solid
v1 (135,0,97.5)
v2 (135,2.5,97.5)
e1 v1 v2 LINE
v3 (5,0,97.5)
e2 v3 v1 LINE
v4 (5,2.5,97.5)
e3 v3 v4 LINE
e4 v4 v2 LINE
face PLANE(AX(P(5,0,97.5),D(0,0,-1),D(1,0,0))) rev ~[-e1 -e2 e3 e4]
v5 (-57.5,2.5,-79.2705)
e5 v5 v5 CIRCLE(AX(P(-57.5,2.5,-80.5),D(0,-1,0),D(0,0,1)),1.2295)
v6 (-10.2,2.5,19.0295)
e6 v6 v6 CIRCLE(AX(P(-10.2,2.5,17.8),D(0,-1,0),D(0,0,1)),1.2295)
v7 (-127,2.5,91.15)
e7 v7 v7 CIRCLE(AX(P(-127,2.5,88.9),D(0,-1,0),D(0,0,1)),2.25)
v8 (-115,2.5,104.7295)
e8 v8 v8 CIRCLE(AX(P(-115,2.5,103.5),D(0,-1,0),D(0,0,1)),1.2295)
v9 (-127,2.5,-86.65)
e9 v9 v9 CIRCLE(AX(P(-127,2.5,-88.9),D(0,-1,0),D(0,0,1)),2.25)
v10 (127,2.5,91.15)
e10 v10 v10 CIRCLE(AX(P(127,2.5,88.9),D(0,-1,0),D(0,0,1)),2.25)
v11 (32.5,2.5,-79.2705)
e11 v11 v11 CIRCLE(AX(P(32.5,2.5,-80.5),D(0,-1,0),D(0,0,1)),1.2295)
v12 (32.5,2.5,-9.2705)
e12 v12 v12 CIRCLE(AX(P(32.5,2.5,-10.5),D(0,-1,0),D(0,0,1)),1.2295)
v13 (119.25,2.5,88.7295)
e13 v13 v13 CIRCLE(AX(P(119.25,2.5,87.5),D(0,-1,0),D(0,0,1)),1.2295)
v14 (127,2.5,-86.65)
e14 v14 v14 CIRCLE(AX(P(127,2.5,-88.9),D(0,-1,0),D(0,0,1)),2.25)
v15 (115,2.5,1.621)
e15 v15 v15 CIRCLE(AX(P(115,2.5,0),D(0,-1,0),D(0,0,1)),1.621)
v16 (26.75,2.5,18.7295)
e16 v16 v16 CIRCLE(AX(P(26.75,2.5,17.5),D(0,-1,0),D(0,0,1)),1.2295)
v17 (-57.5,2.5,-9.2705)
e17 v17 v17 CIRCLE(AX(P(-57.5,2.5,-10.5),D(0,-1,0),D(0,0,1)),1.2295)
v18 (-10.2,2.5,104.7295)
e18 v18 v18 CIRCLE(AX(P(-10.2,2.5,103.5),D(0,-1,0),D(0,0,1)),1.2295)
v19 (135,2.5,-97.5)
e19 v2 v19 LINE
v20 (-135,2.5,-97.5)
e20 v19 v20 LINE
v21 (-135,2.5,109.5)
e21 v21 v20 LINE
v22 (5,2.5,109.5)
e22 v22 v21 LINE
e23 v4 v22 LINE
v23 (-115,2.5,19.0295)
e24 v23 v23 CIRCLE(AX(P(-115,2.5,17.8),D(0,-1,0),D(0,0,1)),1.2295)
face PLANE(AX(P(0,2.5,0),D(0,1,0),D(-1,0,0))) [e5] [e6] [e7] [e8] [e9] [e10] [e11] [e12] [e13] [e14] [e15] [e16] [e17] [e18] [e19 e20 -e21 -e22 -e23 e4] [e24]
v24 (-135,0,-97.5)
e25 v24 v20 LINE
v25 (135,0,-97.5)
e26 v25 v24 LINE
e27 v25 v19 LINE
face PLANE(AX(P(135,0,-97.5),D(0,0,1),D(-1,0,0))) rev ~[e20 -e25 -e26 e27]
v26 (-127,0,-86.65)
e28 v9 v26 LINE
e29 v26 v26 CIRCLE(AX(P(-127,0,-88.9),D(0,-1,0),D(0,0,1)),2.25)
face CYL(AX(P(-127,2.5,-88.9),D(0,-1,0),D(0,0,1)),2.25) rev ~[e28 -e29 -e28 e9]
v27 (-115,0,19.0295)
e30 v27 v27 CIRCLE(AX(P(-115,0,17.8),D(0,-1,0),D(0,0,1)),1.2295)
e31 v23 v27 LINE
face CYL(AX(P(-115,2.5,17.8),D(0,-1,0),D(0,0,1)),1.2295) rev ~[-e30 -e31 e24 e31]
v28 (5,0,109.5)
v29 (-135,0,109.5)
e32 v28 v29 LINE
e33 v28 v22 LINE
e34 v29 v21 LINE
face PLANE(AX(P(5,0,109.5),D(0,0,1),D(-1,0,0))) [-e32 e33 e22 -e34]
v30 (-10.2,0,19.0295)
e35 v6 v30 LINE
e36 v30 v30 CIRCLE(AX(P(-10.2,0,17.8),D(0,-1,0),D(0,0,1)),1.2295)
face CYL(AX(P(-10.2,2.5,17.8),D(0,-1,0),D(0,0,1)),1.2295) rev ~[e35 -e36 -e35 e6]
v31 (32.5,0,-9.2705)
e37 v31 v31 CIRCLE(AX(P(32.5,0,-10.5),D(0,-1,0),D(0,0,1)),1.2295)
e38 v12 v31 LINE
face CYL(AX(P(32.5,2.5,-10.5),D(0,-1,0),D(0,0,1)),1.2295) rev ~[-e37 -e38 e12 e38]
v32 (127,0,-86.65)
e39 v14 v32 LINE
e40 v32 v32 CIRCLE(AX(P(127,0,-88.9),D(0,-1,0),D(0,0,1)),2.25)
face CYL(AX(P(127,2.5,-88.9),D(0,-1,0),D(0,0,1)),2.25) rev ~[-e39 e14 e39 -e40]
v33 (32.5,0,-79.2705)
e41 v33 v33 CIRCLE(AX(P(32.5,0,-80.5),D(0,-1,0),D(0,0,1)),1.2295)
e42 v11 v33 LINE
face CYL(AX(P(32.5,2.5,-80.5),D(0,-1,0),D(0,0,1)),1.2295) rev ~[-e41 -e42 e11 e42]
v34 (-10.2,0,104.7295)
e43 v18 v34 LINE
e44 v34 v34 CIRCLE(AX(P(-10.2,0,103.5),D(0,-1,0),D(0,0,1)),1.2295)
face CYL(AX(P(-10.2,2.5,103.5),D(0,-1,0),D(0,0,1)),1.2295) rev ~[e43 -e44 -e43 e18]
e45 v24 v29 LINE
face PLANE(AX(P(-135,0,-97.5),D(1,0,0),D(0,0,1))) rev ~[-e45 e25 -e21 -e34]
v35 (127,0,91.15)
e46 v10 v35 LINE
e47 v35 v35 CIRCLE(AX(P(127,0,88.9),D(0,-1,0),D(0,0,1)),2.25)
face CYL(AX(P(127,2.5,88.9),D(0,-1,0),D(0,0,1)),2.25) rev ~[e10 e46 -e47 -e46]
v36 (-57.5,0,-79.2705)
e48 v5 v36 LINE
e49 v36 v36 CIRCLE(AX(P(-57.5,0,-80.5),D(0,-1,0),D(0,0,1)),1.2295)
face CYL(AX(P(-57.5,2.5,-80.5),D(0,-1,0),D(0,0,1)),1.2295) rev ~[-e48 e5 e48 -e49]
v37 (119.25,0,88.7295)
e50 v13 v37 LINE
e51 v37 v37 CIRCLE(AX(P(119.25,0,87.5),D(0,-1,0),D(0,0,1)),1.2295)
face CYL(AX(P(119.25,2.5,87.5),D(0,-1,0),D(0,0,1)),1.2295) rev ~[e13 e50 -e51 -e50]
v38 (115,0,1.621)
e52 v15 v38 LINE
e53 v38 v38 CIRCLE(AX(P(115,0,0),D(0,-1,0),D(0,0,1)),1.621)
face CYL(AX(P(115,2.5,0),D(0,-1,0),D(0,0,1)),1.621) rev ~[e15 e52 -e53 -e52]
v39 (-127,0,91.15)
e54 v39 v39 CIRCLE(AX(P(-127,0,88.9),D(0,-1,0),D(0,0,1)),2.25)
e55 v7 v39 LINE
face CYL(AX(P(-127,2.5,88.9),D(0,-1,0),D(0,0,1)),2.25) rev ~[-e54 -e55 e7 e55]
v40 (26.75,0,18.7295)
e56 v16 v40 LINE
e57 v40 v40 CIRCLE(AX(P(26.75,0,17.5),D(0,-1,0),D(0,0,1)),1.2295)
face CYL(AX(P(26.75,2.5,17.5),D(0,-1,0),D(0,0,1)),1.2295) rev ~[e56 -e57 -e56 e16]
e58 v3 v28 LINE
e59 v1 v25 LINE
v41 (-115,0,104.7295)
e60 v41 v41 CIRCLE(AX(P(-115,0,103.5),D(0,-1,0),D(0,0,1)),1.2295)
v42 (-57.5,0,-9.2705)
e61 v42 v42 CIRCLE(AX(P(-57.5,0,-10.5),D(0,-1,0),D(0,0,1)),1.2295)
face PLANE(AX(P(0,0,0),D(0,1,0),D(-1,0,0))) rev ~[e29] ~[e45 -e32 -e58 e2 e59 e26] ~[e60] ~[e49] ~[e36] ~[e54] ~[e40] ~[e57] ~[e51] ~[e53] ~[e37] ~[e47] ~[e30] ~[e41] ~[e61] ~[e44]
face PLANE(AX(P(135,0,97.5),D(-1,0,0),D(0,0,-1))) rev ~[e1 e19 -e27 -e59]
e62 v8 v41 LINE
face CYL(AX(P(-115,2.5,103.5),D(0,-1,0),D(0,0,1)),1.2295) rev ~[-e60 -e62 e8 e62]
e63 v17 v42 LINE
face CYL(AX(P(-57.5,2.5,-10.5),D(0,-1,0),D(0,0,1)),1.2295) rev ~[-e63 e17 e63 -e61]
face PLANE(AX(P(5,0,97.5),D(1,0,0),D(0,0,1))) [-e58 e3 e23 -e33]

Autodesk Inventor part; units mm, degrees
ref_plane "YZ Plane" through (0, 0, 0) normal (1, 0, 0) x (0, 1, 0)
ref_plane "XZ Plane" through (0, 0, 0) normal (0, 1, 0) x (-1, 0, 0)
ref_plane "XY Plane" through (0, 0, 0) normal (0, 0, 1) x (1, 0, 0)
sketch "Sketch1" plane through (0, 0, 0) normal (0, 1, 0) x (-1, 0, 0)
  line L0 (135, 97.5) -> (-135, 97.5)
  line L1 (-135, 97.5) -> (-135, -97.5)
  line L2 (-135, -97.5) -> (135, -97.5)
  line L3 (135, -97.5) -> (135, 97.5)
  line L4 (135, 97.5) -> (-135, -97.5) construction
  line L5 (-135, 97.5) -> (135, -97.5) construction
  line L6 (135, 97.5) -> (-5, 97.5)
  line L7 (-5, 97.5) -> (-5, 109.5)
  line L8 (-5, 109.5) -> (135, 109.5)
  line L9 (135, 109.5) -> (135, 97.5)
  point P0 (0, 0)
  dimension "d0" = 270
  dimension "d1" = 195
  dimension "d2" = 140
  dimension "d3" = 12
  dimension "d4" = 0
  dimension "d5" = 0
extrude "Extrusion1" add sketch "Sketch1" along normal blind 2.5
sketch "Sketch2" plane through (0, 2.5, 0) normal (0, 1, 0) x (1, 0, 0)
  line L0 (26.75, -17.5) -> (119.25, -17.5) construction
  line L1 (119.25, -17.5) -> (119.25, -87.5) construction
  line L2 (119.25, -87.5) -> (26.75, -87.5) construction
  line L3 (26.75, -87.5) -> (26.75, -17.5) construction
  line L4 (26.75, -17.5) -> (119.25, -87.5) construction
  line L5 (119.25, -17.5) -> (26.75, -87.5) construction
  line L6 (5, -97.5) -> (135, -97.5) construction
  line L7 (135, -97.5) -> (135, 97.5) projected
  point P0 (0, 0)
  point P1 (73, -52.5)
  dimension "d8" = 92.5
  dimension "d9" = 70
  dimension "d10" = 45
  dimension "d11" = 62
hole "LRS-35-5" at (26.75, 2.5, 17.5) at (119.25, 2.5, 87.5) direction (0, -1, 0) diameter 2.459 end through all thread size "M3x0.5" class "6H" standard "ISO Metric profile"
sketch "HB12-1.7AG" plane through (0, 2.5, 0) normal (0, 1, 0) x (1, 0, 0)
  line L0 (-115, -103.5) -> (-10.2, -103.5) construction
  line L1 (-10.2, -103.5) -> (-10.2, -17.8) construction
  line L2 (-10.2, -17.8) -> (-115, -17.8) construction
  line L3 (-115, -17.8) -> (-115, -103.5) construction
  line L4 (-115, -103.5) -> (-10.2, -17.8) construction
  line L5 (-10.2, -103.5) -> (-115, -17.8) construction
  line L6 (-135, 97.5) -> (-135, -109.5) construction
  line L7 (-135, -109.5) -> (5, -109.5) construction
  point P0 (0, 0)
  point P1 (-62.6, -60.65)
  dimension "d19" = 104.8
  dimension "d20" = 85.7
  dimension "d23" = 6
  dimension "d24" = 20
hole "BEl PSU" at (-115, 2.5, 17.8) at (-10.2, 2.5, 17.8) at (-10.2, 2.5, 103.5) at (-115, 2.5, 103.5) at (-115, 2.5, 17.8) at (-10.2, 2.5, 17.8) at (-10.2, 2.5, 103.5) at (-115, 2.5, 103.5) direction (0, -1, 0) diameter 2.459 end through all thread size "M3x0.5" class "6H" standard "ISO Metric profile"
sketch "Mounting Holes" plane through (0, 2.5, 0) normal (0, 1, 0) x (1, 0, 0)
  line L0 (-127, -88.9) -> (127, -88.9) construction
  line L1 (127, -88.9) -> (127, 88.9) construction
  line L2 (127, 88.9) -> (-127, 88.9) construction
  line L3 (-127, 88.9) -> (-127, -88.9) construction
  line L4 (-127, -88.9) -> (127, 88.9) construction
  line L5 (127, -88.9) -> (-127, 88.9) construction
  point P0 (0, 0)
  dimension "d32" = 254
  dimension "d33" = 177.8
hole "Hole3" at (-127, 2.5, -88.9) at (127, 2.5, -88.9) at (127, 2.5, 88.9) at (-127, 2.5, 88.9) direction (0, -1, 0) diameter 4.5 end through all
sketch "WR-LEN" plane through (0, 2.5, 0) normal (0, 1, 0) x (1, 0, 0)
  line L0 (32.5, 80.5) -> (-57.5, 80.5) construction
  line L1 (-57.5, 80.5) -> (-57.5, 10.5) construction
  line L2 (-57.5, 10.5) -> (32.5, 10.5) construction
  line L3 (32.5, 10.5) -> (32.5, 80.5) construction
  line L4 (32.5, 80.5) -> (-57.5, 10.5) construction
  line L5 (-57.5, 80.5) -> (32.5, 10.5) construction
  line L6 (-135, 97.5) -> (-135, -109.5) projected
  line L7 (135, 97.5) -> (-135, 97.5) projected
  point P0 (0, 0)
  point P1 (-12.5, 45.5)
  dimension "d41" = 90
  dimension "d42" = 70
  dimension "d44" = 52
  dimension "d52" = 77.5
hole "WR-LEN-Hole" at (-57.5, 2.5, -80.5) at (32.5, 2.5, -80.5) at (32.5, 2.5, -10.5) at (-57.5, 2.5, -10.5) direction (0, -1, 0) diameter 2.459 end through all thread size "M3x0.5" class "6H" standard "ISO Metric profile"
sketch "GND" plane through (0, 2.5, 0) normal (0, 1, 0) x (1, 0, 0)
  line L0 (135, -97.5) -> (135, 97.5) projected
  line L1 (135, 97.5) -> (-135, 97.5) projected
  point P0 (0, 0)
  point P1 (115, 0)
  dimension "d53" = 20
  dimension "d54" = 97.5
hole "GND-Hole" at (115, 2.5, 0) direction (0, -1, 0) diameter 3.242 end through all thread size "M4x0.7" class "6H" standard "ISO Metric profile"
properties part number "Plate-0"
